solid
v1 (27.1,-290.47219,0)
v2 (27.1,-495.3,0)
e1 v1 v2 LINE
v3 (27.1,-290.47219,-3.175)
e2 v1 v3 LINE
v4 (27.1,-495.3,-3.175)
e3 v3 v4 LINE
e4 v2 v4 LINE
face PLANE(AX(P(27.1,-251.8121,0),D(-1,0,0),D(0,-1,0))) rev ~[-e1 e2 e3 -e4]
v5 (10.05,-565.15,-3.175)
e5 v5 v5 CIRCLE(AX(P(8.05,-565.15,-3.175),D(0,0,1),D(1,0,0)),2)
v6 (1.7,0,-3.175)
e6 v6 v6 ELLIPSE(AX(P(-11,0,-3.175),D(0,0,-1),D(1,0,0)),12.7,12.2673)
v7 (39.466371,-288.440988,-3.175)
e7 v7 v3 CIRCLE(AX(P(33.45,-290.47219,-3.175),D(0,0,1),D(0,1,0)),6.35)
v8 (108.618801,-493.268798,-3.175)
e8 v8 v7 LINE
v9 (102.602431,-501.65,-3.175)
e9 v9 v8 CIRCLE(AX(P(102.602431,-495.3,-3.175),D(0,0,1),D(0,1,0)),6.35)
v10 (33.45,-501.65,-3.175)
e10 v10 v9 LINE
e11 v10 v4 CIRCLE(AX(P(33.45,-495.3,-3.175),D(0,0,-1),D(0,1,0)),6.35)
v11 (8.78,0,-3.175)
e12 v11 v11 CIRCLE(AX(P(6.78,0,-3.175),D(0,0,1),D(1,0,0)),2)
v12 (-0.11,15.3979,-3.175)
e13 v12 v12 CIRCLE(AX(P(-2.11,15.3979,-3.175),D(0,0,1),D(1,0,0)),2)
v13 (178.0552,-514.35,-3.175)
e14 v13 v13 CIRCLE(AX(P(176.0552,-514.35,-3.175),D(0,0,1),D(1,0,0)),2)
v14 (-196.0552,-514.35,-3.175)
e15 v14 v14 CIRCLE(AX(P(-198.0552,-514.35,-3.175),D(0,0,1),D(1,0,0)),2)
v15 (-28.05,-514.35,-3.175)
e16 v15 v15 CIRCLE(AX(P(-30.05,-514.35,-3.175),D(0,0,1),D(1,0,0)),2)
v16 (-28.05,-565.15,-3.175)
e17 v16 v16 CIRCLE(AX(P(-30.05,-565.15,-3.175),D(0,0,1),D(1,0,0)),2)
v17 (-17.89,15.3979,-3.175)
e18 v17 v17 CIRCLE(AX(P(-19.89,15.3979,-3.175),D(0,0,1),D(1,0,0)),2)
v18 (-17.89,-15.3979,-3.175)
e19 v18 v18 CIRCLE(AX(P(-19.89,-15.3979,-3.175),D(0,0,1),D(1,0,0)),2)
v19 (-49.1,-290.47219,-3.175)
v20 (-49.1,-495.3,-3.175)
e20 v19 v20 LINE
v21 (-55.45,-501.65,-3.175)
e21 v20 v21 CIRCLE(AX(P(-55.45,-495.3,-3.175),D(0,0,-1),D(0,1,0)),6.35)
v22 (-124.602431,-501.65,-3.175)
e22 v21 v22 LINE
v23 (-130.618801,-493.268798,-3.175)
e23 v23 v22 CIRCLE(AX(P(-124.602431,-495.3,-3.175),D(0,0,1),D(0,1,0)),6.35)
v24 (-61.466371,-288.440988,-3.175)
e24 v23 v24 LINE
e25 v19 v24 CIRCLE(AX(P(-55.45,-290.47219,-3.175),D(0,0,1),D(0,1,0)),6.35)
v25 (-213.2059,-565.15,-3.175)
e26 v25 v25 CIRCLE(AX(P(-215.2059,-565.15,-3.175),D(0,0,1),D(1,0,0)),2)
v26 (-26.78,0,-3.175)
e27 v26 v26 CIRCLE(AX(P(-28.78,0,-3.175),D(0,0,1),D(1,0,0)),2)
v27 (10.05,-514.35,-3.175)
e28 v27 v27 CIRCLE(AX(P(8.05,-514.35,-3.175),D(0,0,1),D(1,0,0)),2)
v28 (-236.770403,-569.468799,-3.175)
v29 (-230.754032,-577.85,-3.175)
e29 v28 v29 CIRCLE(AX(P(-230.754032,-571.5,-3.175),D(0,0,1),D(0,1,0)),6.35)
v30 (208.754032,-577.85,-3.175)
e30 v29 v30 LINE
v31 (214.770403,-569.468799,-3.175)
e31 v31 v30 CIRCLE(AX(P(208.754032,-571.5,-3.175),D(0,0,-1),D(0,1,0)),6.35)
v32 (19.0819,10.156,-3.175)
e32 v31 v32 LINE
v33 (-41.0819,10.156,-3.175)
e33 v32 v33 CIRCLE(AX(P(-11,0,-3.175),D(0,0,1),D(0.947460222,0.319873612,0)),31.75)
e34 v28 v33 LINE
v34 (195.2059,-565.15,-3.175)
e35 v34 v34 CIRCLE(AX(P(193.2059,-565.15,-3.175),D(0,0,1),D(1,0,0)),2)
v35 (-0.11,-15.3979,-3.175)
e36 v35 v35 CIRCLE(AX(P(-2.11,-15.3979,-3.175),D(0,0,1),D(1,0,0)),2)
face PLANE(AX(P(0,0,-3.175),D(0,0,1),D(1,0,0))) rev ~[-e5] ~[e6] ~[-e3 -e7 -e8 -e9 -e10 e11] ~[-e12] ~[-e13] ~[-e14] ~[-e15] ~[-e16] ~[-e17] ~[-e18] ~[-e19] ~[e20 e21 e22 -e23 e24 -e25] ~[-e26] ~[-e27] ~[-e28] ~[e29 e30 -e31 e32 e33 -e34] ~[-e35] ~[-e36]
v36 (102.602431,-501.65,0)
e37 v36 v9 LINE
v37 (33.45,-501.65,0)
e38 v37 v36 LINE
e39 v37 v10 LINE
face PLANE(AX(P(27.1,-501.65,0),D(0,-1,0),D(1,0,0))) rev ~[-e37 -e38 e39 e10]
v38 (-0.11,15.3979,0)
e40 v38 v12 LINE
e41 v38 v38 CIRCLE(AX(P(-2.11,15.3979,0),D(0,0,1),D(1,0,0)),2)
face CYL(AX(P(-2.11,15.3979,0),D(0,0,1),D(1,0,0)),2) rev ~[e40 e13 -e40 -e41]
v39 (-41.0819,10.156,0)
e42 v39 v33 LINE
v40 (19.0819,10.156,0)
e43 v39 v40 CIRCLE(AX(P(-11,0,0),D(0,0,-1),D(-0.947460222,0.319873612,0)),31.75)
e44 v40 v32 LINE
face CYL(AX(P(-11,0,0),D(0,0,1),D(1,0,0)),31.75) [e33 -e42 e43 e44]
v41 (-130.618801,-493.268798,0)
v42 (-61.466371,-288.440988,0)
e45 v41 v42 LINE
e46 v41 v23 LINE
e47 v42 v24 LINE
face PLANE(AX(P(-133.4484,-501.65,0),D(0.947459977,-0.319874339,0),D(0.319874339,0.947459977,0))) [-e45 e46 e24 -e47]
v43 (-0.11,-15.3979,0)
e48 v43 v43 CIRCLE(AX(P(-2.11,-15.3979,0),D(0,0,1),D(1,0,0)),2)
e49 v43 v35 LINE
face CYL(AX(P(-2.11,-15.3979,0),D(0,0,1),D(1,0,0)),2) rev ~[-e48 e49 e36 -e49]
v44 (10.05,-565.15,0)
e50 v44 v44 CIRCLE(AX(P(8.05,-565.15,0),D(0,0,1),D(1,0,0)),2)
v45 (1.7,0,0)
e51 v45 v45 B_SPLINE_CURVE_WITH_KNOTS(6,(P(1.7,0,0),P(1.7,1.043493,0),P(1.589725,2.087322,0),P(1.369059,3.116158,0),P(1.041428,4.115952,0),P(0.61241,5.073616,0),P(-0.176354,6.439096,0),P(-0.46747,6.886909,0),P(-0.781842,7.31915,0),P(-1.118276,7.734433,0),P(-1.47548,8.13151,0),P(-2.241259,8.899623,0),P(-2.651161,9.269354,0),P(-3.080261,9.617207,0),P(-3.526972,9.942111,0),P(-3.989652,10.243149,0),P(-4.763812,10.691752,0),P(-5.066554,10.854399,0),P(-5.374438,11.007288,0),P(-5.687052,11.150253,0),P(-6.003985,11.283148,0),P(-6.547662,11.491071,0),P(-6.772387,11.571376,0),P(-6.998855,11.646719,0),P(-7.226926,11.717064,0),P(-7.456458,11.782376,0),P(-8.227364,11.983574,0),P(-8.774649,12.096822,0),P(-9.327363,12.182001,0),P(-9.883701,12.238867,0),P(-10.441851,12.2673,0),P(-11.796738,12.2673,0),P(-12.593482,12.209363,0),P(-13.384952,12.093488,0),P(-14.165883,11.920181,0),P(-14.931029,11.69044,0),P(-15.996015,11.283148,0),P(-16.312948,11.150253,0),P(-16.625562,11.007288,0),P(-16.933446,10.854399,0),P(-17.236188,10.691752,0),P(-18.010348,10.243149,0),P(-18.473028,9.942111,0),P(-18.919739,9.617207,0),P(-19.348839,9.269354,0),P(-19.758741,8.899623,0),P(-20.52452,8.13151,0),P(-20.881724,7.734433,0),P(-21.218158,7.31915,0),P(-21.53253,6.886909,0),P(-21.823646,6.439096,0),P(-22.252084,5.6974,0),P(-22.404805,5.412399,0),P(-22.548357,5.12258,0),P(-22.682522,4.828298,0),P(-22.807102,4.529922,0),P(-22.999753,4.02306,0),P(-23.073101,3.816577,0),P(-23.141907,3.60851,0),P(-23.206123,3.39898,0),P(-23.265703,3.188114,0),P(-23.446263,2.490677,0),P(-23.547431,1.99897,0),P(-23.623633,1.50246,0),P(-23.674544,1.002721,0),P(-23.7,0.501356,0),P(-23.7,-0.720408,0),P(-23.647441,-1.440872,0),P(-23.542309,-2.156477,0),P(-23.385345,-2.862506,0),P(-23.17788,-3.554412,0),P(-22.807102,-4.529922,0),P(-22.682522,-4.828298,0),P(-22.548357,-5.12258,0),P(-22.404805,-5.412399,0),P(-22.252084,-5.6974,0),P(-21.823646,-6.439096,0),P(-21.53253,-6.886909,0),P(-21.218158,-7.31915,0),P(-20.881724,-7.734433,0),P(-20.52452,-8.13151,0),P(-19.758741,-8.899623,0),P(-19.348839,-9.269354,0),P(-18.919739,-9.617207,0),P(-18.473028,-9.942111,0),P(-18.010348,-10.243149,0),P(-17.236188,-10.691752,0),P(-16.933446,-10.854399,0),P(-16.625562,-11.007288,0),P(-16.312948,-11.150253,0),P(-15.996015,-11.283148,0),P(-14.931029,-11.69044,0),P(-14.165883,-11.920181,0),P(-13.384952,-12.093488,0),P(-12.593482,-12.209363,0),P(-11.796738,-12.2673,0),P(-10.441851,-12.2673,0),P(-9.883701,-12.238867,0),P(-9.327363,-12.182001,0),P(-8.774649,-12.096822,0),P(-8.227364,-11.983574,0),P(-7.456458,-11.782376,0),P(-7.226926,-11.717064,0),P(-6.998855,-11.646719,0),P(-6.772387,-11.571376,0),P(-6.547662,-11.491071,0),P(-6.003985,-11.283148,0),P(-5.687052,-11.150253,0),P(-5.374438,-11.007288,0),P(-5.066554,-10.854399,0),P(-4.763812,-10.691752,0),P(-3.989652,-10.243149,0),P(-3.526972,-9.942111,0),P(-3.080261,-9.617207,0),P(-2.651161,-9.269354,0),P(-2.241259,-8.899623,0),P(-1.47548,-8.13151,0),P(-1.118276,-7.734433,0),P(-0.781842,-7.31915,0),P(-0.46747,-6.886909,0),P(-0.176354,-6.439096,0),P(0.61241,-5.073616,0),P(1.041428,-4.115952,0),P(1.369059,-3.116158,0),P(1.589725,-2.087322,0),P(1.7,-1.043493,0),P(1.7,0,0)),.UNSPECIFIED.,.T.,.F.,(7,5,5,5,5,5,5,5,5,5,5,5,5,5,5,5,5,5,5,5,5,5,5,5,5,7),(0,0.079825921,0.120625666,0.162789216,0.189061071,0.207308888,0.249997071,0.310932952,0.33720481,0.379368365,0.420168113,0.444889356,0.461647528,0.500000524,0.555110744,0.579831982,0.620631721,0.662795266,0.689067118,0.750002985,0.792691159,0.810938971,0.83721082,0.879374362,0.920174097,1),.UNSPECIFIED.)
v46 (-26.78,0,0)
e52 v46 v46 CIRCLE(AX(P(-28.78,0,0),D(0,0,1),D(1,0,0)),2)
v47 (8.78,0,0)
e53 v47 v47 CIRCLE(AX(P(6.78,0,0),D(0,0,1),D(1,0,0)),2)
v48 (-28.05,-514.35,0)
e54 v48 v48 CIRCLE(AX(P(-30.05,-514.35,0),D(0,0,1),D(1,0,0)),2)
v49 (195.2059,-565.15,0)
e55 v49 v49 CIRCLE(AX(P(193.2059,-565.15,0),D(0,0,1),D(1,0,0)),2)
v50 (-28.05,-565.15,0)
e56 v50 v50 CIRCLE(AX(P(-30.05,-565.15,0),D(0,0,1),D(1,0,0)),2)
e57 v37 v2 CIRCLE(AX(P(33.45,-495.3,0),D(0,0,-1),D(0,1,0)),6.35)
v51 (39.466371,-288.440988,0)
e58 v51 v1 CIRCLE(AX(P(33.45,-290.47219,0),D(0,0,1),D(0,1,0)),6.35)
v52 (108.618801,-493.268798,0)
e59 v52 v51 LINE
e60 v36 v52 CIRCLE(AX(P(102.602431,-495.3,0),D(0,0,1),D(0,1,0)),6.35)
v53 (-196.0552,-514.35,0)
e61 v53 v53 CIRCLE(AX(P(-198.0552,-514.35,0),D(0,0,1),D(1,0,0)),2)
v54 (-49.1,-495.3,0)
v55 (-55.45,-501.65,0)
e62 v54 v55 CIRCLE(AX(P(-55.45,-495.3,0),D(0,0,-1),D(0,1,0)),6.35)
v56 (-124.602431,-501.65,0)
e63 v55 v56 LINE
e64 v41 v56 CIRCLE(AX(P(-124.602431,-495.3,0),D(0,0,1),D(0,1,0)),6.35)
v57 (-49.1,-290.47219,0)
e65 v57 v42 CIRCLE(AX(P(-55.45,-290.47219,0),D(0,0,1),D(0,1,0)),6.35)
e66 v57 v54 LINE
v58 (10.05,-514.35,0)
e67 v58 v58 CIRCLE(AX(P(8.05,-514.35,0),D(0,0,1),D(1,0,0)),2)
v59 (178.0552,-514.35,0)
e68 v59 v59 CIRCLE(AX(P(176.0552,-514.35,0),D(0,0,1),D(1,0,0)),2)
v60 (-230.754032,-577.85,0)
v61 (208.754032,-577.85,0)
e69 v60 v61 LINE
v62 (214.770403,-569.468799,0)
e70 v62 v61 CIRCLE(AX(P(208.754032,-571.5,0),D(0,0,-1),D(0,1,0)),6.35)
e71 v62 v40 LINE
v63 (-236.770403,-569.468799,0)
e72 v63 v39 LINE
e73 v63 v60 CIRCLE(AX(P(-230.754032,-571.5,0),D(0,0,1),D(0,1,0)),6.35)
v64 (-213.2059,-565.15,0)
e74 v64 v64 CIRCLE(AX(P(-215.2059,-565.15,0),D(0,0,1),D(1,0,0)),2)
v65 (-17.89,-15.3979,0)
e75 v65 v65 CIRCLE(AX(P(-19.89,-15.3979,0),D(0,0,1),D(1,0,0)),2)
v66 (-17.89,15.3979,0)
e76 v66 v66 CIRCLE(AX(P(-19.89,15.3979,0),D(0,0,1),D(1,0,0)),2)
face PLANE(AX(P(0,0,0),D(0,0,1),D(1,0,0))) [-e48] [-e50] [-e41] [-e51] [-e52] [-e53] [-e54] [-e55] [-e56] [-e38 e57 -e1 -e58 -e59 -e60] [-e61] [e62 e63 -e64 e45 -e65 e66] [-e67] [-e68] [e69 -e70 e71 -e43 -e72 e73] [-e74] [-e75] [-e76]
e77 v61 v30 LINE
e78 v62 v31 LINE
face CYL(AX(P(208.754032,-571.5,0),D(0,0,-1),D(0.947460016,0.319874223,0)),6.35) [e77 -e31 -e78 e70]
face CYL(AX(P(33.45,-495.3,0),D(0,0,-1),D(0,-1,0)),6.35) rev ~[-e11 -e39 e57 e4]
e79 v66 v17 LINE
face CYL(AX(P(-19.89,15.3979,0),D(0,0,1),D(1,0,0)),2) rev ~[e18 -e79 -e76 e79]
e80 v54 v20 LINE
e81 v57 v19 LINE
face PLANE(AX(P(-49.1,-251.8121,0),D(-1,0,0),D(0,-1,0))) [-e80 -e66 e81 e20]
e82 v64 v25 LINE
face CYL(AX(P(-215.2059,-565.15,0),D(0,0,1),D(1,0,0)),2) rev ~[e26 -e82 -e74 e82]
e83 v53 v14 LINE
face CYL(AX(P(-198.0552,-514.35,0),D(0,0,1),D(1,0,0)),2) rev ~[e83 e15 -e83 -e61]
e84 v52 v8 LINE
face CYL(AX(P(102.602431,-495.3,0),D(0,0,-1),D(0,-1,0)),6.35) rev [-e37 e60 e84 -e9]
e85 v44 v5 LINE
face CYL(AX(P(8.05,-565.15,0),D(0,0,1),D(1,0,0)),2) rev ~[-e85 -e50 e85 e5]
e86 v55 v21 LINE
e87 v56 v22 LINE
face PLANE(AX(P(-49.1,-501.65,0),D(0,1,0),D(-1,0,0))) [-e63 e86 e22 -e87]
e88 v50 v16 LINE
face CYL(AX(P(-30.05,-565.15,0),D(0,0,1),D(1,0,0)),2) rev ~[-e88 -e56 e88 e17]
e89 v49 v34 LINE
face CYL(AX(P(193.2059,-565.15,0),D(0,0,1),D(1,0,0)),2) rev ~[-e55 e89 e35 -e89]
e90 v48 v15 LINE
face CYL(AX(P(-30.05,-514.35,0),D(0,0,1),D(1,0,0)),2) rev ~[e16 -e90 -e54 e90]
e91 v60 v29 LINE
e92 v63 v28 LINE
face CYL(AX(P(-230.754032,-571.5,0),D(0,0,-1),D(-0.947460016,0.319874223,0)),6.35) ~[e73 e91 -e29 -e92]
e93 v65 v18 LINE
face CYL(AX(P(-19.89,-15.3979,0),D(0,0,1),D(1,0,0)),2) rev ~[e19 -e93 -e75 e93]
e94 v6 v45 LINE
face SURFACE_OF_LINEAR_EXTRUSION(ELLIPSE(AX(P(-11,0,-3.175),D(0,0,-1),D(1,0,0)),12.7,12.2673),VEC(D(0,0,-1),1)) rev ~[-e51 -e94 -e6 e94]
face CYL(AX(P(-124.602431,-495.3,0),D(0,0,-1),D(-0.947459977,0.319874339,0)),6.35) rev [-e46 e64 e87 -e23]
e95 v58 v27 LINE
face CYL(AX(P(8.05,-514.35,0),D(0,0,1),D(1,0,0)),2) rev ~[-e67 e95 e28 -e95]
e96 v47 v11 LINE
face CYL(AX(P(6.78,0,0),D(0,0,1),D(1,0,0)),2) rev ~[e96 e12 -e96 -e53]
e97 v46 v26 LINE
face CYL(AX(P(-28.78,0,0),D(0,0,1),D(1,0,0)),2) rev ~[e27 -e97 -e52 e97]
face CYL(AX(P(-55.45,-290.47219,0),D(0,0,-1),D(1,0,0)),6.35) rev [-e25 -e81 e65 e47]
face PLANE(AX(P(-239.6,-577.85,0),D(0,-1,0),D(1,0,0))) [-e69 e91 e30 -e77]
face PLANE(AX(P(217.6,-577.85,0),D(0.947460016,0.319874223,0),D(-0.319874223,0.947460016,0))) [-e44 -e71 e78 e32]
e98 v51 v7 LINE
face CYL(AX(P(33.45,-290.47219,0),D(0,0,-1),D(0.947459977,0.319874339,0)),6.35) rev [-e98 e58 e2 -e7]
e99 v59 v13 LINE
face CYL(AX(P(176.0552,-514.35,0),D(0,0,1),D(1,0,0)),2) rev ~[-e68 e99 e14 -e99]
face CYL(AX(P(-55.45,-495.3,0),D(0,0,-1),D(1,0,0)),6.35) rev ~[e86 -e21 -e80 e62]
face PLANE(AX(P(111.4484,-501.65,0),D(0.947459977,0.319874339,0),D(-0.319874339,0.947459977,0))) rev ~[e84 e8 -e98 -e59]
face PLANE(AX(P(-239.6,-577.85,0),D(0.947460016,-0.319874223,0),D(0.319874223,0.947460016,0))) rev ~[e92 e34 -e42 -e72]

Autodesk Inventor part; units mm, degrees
ref_plane "YZ Plane" through (0, 0, 0) normal (1, 0, 0) x (0, 1, 0)
ref_plane "XZ Plane" through (0, 0, 0) normal (0, 1, 0) x (-1, 0, 0)
ref_plane "XY Plane" through (0, 0, 0) normal (0, 0, 1) x (1, 0, 0)
sketch "Sketch1" plane through (0, 0, 0) normal (0, 0, 1) x (1, 0, 0)
  circle A0 centre (-11, 0) radius 11 projected
  circle A1 centre (-11, 0) radius 31.75
  line L0 (217.6, 31.75) -> (-239.6, 31.75)
  line L1 (-239.6, 31.75) -> (-239.6, -577.85)
  line L2 (-239.6, -577.85) -> (217.6, -577.85)
  line L3 (217.6, -577.85) -> (217.6, 31.75)
  line L4 (217.6, -577.85) -> (19.0819, 10.156)
  line L5 (-239.6, -577.85) -> (-41.0819, 10.156)
  line L6 (27.1, -501.65) -> (111.4484, -501.65)
  line L7 (111.4484, -501.65) -> (27.1, -251.8121)
  line L8 (27.1, -251.8121) -> (27.1, -501.65)
  line L9 (-11, 0) -> (-11, -6.454)
  line L10 (-49.1, -501.65) -> (-133.4484, -501.65)
  line L11 (-133.4484, -501.65) -> (-49.1, -251.8121)
  line L12 (-49.1, -251.8121) -> (-49.1, -501.65)
  circle A2 centre (193.2059, -565.15) radius 2
  circle A3 centre (176.0552, -514.35) radius 2
  circle A4 centre (8.05, -514.35) radius 2
  circle A5 centre (8.05, -565.15) radius 2
  circle A6 centre (-215.2059, -565.15) radius 2
  circle A7 centre (-198.0552, -514.35) radius 2
  circle A8 centre (-30.05, -514.35) radius 2
  circle A9 centre (-30.05, -565.15) radius 2
  circle A10 centre (-28.78, 0) radius 2
  circle A11 centre (-19.89, -15.3979) radius 2
  circle A12 centre (-2.11, -15.3979) radius 2
  circle A13 centre (6.78, 0) radius 2
  circle A14 centre (-2.11, 15.3979) radius 2
  circle A15 centre (-19.89, 15.3979) radius 2
  point P0 (0, 0)
  point P1 (-11, 31.75)
  point P2 (-11, -3.227)
  dimension "d0" = 63.5
  dimension "d1" = 457.2
  dimension "d2" = 609.6
  dimension "d3" = 76.2
  dimension "d4" = 76.2
  dimension "d5" = 38.1
  dimension "d6" = 4
  dimension "d7" = 4
  dimension "d8" = 4
  dimension "d9" = 4
  dimension "d10" = 12.7
  dimension "d11" = 12.7
  dimension "d12" = 19.05
  dimension "d13" = 19.05
  dimension "d14" = 19.05
  dimension "d15" = 4
  dimension "d16" = 17.78
  dimension "d19" = 360
extrude "Extrusion1" add sketch "Sketch1" against normal blind 3.175 contours A1 | A1 L4 L2 L5
fillet "Fillet1" radius 6.35 8 edges at (27.1, -251.8121, -1.5875) (-49.1, -251.8121, -1.5875) (111.4484, -501.65, -1.5875) (217.6, -577.85, -1.5875) (27.1, -501.65, -1.5875) (-49.1, -501.65, -1.5875) (-133.4484, -501.65, -1.5875) (-239.6, -577.85, -1.5875)
ref_plane "Work Plane1" through (-28.78, 0, -3.175) normal (0, 0.2588, -0.9659) x (1, 0, 0)
sketch "Sketch2" plane through (-28.78, 0, -3.175) normal (0, 0.2588, -0.9659) x (1, 0, 0)
  ellipse E0 centre (17.78, 0) end of major axis (6.7038, 0) minor radius 10.6988
  circle A0 centre (17.78, 0) radius 12.7
  dimension "d26" = 25.4
sketch "Sketch3" plane through (0, 0, -3.175) normal (0, 0, -1) x (-1, 0, 0)
  ellipse E0 centre (11, 0) end of major axis (-1.7, 0) minor radius 12.2673 projected
  point P0 (0, 0)
extrude "Extrusion2" cut sketch "Sketch3" against normal through all
properties part number "FrameTop" material "MDF Medium Density Fiberboard"
